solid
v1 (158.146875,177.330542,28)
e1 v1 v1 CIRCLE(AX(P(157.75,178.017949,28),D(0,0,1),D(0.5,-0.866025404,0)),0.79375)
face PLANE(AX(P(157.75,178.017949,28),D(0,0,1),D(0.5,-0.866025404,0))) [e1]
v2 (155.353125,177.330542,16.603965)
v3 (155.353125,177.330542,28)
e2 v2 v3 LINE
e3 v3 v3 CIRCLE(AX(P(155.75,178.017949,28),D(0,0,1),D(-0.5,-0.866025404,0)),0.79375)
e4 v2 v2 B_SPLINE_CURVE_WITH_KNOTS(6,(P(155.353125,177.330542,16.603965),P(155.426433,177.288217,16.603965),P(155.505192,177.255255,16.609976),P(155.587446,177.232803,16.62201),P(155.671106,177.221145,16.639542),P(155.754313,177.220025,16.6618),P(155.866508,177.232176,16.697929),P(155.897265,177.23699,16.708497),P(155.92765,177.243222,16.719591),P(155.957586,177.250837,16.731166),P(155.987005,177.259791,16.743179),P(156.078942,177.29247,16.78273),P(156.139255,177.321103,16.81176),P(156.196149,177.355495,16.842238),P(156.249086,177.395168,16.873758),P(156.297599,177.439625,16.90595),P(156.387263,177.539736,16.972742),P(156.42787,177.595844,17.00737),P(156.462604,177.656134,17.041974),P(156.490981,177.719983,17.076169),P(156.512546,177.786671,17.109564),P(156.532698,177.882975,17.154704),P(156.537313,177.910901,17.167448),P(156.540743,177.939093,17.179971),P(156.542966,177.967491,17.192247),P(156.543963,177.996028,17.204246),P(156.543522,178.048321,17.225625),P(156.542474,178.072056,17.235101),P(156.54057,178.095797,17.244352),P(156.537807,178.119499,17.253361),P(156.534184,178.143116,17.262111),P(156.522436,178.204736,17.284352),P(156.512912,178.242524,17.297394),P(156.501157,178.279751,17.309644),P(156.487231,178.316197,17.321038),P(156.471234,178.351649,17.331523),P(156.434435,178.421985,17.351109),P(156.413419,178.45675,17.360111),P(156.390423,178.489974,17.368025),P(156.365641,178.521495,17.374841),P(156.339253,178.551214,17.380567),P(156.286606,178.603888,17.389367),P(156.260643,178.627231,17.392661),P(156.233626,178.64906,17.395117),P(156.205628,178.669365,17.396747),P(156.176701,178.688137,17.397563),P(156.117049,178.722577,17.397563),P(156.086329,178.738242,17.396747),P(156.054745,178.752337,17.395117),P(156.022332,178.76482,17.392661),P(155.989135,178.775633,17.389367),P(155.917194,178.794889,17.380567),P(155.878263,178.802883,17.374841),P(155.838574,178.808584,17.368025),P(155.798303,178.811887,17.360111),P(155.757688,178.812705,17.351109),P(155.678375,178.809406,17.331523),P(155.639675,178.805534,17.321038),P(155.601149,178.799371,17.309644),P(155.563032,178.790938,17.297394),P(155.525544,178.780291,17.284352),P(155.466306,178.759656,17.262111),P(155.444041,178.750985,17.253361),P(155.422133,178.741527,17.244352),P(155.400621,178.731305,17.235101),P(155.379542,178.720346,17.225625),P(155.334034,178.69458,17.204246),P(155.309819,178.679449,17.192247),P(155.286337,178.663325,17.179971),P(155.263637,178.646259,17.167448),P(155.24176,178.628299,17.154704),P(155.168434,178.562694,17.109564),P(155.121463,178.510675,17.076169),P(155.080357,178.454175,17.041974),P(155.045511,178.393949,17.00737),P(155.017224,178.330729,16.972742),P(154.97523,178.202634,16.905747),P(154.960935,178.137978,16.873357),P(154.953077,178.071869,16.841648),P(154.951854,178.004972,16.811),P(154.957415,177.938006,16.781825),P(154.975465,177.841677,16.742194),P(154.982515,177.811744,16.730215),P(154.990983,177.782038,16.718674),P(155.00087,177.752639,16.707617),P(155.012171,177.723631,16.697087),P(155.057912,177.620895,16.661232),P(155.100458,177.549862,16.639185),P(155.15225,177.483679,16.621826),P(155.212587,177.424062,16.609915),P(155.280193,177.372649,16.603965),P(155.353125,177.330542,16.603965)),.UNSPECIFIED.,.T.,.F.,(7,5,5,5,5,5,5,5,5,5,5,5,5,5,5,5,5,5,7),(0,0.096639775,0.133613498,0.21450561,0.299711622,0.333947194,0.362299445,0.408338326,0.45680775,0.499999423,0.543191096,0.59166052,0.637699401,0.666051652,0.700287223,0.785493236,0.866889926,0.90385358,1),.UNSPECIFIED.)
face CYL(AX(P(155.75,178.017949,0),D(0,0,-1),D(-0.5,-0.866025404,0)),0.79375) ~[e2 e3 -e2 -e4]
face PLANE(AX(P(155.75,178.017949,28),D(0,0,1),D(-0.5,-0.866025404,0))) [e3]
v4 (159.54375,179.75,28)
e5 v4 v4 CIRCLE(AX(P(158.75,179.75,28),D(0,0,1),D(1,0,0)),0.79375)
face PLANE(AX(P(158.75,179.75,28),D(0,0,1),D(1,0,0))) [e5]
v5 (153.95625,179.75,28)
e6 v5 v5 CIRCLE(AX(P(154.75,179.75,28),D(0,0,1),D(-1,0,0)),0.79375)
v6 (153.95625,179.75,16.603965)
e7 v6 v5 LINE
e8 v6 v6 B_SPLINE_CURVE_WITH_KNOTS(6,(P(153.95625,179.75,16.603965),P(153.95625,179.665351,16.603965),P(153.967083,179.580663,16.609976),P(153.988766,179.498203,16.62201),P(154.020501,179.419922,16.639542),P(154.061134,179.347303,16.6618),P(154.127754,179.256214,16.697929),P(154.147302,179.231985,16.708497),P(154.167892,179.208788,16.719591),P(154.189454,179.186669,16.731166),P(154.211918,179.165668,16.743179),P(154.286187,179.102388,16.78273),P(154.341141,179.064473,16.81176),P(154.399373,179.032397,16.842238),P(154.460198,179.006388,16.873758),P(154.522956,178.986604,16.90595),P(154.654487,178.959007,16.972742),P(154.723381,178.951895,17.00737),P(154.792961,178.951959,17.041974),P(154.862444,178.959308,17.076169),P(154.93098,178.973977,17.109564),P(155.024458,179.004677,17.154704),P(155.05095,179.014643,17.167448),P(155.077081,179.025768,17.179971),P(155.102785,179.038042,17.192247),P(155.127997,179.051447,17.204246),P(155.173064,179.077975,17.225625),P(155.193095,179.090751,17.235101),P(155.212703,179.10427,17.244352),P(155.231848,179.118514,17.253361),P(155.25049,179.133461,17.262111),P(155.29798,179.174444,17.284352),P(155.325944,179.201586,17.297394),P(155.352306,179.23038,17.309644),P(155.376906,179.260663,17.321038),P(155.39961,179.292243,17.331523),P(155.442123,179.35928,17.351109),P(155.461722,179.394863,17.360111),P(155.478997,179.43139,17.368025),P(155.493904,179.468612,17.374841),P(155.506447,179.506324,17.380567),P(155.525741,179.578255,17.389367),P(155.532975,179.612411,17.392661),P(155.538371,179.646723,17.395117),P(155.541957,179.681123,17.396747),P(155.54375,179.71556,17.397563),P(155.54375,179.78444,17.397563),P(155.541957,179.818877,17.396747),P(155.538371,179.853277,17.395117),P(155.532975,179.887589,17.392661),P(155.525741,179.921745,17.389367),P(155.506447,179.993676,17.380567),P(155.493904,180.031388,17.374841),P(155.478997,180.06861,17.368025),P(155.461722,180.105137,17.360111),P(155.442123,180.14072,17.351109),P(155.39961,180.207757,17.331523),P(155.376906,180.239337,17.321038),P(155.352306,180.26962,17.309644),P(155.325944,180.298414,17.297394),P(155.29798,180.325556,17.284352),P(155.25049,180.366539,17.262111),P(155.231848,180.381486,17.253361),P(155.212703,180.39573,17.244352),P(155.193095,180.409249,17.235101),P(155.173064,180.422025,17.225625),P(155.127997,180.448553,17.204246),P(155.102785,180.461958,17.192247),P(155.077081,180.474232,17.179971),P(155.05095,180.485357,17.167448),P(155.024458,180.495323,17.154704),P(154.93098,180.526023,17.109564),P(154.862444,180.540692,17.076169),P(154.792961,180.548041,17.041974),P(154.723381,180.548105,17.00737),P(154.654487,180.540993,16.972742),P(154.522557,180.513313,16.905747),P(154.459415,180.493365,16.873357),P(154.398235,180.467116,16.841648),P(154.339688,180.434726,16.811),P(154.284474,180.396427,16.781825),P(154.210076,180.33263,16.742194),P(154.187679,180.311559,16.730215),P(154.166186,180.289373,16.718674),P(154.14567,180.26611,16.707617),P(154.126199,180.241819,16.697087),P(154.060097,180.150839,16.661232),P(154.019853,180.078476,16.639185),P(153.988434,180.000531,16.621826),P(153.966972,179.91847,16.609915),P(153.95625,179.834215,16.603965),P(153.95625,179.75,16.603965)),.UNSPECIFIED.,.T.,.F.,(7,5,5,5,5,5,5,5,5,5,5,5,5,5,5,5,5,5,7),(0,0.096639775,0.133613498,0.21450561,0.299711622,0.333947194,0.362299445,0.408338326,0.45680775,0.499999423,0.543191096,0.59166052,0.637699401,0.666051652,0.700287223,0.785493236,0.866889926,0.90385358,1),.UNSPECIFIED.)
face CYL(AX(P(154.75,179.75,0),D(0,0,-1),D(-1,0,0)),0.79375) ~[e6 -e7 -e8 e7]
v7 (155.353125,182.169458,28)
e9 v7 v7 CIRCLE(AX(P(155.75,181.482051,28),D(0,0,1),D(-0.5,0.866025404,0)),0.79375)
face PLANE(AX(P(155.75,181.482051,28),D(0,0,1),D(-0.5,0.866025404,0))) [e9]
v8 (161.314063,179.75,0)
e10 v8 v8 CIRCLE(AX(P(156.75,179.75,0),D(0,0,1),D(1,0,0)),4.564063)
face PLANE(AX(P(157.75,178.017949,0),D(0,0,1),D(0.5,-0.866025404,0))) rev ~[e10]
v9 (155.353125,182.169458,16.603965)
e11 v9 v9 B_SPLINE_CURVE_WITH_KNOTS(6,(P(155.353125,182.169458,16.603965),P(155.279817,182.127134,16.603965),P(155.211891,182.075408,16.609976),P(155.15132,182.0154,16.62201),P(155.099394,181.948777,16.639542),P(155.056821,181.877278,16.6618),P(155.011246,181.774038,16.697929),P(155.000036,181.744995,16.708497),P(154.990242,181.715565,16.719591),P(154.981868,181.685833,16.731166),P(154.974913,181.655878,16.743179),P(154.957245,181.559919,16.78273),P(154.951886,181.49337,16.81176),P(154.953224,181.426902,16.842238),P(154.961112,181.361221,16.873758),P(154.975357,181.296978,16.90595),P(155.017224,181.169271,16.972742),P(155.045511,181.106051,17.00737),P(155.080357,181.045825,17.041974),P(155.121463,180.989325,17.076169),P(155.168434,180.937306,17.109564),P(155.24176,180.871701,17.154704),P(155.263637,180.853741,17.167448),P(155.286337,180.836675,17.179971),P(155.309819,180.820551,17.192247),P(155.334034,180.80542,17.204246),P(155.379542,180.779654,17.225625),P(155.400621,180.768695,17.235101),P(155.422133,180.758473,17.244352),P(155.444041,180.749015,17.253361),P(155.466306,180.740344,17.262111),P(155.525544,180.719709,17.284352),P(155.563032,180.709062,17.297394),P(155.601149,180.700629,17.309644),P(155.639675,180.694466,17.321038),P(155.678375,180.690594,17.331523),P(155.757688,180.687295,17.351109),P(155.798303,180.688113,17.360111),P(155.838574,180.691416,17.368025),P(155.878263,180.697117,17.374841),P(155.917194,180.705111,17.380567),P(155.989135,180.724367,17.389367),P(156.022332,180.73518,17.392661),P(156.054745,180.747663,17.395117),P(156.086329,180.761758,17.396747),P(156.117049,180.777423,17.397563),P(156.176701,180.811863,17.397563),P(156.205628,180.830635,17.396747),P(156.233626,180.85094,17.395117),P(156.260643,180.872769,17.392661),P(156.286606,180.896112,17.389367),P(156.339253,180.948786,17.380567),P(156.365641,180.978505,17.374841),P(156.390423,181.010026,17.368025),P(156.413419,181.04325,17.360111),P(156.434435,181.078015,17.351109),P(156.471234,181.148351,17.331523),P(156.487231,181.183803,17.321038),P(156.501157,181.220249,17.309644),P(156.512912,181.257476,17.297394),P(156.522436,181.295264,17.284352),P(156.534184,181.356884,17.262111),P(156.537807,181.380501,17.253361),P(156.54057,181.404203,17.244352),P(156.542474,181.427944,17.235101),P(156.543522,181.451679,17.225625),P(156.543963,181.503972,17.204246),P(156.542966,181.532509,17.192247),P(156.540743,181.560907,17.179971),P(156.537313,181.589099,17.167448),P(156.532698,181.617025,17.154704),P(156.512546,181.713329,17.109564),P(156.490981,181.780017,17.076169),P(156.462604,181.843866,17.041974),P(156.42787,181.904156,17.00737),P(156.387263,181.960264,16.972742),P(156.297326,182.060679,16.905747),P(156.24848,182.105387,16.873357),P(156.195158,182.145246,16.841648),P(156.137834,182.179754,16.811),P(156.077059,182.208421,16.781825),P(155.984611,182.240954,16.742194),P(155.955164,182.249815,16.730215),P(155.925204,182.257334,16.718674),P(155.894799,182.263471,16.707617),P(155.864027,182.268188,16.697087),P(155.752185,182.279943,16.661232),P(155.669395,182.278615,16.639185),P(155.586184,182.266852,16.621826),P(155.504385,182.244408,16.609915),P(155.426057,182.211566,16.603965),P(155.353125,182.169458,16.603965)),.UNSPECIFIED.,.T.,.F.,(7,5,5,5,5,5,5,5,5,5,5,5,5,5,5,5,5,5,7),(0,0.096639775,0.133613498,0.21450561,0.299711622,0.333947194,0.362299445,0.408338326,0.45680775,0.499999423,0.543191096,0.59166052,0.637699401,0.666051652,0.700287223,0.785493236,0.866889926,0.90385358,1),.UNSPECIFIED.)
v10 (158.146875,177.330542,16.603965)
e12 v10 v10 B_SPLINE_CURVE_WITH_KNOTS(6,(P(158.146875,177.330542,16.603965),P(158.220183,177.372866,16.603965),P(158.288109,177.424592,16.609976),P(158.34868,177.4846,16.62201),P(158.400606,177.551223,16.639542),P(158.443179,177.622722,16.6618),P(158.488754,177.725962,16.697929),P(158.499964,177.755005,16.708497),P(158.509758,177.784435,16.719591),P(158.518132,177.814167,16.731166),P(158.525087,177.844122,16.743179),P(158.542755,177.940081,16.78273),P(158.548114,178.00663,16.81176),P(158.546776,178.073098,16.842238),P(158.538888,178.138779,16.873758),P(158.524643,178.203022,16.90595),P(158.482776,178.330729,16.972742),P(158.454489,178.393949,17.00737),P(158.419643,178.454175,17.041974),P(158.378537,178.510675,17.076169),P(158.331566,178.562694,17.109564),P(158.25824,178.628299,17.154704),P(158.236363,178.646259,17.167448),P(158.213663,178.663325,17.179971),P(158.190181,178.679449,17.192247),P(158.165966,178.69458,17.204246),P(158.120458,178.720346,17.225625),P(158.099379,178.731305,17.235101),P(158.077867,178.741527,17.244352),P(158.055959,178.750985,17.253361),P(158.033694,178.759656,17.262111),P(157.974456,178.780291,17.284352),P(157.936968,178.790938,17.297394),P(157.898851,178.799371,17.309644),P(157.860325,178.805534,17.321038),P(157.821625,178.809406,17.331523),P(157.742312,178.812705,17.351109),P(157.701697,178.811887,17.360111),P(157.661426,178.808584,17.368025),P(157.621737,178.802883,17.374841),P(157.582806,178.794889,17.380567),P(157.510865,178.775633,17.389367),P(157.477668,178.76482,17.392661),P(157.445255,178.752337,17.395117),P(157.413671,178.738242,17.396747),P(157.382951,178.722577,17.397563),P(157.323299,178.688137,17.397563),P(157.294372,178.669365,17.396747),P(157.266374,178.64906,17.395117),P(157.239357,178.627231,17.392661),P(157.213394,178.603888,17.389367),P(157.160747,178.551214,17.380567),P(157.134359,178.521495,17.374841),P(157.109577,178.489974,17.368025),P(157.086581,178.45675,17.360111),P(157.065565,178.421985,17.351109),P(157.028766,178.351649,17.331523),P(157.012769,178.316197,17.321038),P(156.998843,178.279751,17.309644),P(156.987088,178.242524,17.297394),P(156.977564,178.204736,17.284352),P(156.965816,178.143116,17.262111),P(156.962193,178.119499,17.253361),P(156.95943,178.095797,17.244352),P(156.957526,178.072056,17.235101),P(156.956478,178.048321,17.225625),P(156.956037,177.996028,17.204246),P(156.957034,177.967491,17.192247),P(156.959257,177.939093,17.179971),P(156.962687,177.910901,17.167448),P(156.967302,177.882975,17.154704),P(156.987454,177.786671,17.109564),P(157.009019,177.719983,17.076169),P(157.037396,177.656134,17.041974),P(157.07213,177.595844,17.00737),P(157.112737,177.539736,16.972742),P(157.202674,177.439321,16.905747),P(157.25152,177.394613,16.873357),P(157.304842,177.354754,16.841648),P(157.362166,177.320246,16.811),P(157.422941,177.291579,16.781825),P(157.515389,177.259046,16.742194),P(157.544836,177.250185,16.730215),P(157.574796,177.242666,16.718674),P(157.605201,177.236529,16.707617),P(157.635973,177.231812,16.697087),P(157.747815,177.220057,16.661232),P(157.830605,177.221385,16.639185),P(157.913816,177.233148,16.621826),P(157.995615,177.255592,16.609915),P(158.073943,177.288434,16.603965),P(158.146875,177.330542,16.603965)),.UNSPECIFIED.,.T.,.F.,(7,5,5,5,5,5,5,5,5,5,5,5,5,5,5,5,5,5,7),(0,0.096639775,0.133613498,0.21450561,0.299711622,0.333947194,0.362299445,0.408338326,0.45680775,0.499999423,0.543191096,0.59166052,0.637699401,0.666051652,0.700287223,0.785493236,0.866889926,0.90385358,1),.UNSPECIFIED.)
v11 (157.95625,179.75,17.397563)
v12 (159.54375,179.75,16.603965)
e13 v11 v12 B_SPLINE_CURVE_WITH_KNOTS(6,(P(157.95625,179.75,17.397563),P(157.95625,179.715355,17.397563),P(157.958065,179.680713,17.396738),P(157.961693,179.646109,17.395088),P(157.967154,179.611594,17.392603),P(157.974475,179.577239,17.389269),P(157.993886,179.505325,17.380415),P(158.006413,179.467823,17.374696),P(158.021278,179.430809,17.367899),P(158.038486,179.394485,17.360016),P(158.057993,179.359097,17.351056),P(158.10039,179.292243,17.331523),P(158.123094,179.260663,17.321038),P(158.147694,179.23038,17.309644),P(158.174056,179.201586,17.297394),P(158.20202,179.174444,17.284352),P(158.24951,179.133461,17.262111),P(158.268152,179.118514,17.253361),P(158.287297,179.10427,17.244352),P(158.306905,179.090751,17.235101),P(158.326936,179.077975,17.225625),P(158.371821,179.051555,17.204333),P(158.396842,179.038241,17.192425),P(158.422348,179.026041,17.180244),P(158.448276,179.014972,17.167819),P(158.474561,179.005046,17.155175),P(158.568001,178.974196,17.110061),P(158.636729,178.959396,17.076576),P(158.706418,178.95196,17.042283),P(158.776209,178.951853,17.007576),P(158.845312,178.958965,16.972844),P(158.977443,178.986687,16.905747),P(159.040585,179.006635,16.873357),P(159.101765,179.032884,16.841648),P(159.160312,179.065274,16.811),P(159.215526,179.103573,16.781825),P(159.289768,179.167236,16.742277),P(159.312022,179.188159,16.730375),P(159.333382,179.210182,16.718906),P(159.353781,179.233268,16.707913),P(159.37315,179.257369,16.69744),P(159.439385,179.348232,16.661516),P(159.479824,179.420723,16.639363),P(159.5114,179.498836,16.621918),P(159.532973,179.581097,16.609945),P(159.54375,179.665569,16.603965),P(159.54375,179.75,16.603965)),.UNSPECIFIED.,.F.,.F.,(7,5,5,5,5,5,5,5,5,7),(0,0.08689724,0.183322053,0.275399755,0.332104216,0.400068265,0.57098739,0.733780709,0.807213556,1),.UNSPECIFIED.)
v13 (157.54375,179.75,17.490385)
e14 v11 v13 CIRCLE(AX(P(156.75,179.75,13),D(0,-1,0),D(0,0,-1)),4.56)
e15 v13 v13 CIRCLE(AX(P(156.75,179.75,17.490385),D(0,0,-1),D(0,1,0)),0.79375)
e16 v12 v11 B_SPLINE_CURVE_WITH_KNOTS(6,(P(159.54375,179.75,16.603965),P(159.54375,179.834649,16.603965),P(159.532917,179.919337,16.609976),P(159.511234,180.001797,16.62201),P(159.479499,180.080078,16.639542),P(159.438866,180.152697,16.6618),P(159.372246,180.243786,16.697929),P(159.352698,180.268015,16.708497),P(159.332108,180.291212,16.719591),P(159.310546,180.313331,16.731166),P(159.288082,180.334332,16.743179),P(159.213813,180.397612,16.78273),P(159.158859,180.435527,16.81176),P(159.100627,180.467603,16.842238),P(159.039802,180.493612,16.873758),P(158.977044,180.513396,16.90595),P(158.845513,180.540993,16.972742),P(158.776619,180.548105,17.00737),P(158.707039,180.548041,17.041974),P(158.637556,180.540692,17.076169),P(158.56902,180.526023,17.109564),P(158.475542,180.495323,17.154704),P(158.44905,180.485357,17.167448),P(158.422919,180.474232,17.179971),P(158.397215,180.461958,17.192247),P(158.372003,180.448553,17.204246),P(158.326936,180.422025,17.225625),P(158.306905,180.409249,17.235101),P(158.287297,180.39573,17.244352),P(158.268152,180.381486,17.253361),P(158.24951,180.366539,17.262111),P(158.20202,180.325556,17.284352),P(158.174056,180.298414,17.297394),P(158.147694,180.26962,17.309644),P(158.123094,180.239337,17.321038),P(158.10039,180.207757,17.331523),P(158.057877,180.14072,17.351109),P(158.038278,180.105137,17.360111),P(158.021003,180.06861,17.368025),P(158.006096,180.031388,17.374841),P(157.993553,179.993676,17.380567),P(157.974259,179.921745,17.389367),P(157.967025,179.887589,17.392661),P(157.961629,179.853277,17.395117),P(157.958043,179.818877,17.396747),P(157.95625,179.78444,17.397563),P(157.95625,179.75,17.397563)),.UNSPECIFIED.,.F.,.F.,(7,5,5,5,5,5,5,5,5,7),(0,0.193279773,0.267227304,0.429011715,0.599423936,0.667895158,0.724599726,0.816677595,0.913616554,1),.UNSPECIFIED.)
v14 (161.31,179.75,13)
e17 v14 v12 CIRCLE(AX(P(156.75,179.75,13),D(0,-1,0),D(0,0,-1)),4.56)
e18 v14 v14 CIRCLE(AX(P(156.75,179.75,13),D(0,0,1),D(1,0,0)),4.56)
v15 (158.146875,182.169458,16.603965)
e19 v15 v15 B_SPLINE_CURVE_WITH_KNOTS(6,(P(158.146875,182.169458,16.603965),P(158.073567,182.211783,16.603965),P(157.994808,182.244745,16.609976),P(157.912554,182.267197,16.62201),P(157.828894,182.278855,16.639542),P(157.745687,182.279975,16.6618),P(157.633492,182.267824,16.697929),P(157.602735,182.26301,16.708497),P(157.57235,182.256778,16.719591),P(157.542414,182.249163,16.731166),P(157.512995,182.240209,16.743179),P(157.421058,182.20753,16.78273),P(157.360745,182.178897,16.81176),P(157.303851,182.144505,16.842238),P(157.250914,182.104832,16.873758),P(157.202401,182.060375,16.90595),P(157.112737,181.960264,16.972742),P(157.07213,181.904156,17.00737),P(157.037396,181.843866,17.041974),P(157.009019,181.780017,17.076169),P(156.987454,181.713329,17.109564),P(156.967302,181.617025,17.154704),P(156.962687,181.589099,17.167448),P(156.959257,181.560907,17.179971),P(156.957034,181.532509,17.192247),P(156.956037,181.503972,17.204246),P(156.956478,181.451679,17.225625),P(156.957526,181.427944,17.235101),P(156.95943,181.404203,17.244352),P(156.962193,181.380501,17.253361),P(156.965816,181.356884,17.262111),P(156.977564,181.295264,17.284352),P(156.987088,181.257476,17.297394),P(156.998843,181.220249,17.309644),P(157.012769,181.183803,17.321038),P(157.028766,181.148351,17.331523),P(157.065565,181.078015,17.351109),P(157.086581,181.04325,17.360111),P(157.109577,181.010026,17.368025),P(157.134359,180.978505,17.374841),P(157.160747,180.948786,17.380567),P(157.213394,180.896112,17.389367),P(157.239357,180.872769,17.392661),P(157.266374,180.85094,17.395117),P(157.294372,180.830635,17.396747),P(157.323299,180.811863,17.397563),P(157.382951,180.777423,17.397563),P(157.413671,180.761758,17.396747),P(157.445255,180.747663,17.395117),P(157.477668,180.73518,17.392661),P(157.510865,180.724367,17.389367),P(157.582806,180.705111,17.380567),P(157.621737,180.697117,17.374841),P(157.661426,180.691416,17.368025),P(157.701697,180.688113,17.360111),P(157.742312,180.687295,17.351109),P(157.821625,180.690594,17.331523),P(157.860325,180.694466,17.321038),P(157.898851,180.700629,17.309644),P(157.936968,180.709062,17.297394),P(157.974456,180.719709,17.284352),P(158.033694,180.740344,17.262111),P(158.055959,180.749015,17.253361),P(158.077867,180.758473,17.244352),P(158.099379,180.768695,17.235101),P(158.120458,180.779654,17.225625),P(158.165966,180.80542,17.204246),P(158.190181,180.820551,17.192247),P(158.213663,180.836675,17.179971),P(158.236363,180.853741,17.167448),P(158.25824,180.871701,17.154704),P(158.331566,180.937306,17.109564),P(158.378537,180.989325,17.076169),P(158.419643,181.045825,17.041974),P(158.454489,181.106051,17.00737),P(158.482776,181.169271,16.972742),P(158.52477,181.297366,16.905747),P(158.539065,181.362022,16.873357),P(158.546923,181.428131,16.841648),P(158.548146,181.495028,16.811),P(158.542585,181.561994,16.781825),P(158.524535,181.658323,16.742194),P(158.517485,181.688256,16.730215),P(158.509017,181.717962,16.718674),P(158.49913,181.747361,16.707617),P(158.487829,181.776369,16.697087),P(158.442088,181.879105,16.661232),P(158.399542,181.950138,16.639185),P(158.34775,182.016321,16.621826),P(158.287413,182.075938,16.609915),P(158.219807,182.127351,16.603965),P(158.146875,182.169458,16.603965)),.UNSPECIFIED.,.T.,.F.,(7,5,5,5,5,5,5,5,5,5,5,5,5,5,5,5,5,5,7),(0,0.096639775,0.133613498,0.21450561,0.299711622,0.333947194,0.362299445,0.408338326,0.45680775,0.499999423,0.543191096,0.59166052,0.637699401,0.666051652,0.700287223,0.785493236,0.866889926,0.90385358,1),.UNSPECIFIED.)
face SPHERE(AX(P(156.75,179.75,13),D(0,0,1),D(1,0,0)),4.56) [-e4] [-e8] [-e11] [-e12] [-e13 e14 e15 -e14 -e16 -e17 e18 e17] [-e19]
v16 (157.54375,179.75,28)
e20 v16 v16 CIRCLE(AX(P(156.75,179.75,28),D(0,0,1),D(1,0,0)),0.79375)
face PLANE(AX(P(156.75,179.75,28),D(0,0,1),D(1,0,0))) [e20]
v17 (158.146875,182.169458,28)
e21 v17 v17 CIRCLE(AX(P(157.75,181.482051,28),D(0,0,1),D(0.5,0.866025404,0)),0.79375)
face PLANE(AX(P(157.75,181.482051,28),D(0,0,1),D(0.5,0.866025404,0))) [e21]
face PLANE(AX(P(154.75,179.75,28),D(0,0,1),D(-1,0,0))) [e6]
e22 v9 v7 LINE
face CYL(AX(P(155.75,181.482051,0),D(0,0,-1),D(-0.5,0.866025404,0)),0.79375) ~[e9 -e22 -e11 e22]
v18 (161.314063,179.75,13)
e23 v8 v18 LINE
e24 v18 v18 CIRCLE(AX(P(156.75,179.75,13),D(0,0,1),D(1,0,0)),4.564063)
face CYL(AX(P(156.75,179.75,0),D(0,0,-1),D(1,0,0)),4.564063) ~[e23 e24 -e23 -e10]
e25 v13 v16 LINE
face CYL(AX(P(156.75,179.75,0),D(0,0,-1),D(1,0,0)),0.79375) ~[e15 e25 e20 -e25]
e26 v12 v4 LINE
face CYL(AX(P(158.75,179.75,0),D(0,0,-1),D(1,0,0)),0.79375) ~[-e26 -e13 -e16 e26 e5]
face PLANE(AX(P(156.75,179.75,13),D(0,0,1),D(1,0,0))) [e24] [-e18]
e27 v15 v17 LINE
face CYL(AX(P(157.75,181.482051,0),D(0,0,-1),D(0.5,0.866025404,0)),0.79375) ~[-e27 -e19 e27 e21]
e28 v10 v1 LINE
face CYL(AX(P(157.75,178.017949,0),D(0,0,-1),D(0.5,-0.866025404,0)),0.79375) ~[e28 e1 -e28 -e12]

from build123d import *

# Parameters (mm, degrees)
CYLINDER065_R     = 0.79375
CYLINDER065_DEPTH = 28
ARRAY004_COUNT    = 6
CYLINDER066_R     = 0.79375
CYLINDER066_DEPTH = 28
CYLINDER064_R     = 4.564063
CYLINDER064_DEPTH = 13


with BuildPart() as array004:
    # Cylinder065 → Cylinder065 (new body)
    with BuildSketch(Plane(origin=(2, 0, 0), x_dir=(1, 0, 0), z_dir=(0, 0, 1))):
        Circle(CYLINDER065_R)
    extrude(amount=CYLINDER065_DEPTH)

    # Array004: Array004 ×6 about axis
    array004_axis = Axis((0, 0, 0), (0, 0, 1))


with BuildPart() as array004_1:
    add(array004.part)
    for i in range(1, ARRAY004_COUNT):
        add(array004.part.rotate(array004_axis, i * 360 / ARRAY004_COUNT))


with BuildPart() as wireft_holes003:
    # Cylinder066 → Cylinder066 (new body)
    with BuildSketch(Plane.XY):
        Circle(CYLINDER066_R)
    extrude(amount=CYLINDER066_DEPTH)

    # Fusion028: union Array004
    add(array004_1.part)


with BuildPart() as compression003:
    # Sphere003 → Sphere003 (revolve)
    with BuildSketch(Plane(origin=(0, 0, 13), x_dir=(1, 0, 0), z_dir=(0, -1, 0))):
        with BuildLine():
            ThreePointArc((0, -4.56), (4.56, 0), (0, 4.56))
            Line((0, 4.56), (0, -4.56))
        make_face()
    revolve(axis=Axis((0, 0, 13), (0, 0, 1)))


with BuildPart() as wireft008:
    # Cylinder064 → Cylinder064 (new body)
    with BuildSketch(Plane.XY):
        Circle(CYLINDER064_R)
    extrude(amount=CYLINDER064_DEPTH)

    # Fusion029: union WireFT_Holes003, Compression003
    add(wireft_holes003.part)
    add(compression003.part)


with BuildPart() as wireft008_1:
    # Fusion029 placement: moved
    add(wireft008.part.moved(Location((156.75, 179.75, 0))))


solid = wireft008_1.part
